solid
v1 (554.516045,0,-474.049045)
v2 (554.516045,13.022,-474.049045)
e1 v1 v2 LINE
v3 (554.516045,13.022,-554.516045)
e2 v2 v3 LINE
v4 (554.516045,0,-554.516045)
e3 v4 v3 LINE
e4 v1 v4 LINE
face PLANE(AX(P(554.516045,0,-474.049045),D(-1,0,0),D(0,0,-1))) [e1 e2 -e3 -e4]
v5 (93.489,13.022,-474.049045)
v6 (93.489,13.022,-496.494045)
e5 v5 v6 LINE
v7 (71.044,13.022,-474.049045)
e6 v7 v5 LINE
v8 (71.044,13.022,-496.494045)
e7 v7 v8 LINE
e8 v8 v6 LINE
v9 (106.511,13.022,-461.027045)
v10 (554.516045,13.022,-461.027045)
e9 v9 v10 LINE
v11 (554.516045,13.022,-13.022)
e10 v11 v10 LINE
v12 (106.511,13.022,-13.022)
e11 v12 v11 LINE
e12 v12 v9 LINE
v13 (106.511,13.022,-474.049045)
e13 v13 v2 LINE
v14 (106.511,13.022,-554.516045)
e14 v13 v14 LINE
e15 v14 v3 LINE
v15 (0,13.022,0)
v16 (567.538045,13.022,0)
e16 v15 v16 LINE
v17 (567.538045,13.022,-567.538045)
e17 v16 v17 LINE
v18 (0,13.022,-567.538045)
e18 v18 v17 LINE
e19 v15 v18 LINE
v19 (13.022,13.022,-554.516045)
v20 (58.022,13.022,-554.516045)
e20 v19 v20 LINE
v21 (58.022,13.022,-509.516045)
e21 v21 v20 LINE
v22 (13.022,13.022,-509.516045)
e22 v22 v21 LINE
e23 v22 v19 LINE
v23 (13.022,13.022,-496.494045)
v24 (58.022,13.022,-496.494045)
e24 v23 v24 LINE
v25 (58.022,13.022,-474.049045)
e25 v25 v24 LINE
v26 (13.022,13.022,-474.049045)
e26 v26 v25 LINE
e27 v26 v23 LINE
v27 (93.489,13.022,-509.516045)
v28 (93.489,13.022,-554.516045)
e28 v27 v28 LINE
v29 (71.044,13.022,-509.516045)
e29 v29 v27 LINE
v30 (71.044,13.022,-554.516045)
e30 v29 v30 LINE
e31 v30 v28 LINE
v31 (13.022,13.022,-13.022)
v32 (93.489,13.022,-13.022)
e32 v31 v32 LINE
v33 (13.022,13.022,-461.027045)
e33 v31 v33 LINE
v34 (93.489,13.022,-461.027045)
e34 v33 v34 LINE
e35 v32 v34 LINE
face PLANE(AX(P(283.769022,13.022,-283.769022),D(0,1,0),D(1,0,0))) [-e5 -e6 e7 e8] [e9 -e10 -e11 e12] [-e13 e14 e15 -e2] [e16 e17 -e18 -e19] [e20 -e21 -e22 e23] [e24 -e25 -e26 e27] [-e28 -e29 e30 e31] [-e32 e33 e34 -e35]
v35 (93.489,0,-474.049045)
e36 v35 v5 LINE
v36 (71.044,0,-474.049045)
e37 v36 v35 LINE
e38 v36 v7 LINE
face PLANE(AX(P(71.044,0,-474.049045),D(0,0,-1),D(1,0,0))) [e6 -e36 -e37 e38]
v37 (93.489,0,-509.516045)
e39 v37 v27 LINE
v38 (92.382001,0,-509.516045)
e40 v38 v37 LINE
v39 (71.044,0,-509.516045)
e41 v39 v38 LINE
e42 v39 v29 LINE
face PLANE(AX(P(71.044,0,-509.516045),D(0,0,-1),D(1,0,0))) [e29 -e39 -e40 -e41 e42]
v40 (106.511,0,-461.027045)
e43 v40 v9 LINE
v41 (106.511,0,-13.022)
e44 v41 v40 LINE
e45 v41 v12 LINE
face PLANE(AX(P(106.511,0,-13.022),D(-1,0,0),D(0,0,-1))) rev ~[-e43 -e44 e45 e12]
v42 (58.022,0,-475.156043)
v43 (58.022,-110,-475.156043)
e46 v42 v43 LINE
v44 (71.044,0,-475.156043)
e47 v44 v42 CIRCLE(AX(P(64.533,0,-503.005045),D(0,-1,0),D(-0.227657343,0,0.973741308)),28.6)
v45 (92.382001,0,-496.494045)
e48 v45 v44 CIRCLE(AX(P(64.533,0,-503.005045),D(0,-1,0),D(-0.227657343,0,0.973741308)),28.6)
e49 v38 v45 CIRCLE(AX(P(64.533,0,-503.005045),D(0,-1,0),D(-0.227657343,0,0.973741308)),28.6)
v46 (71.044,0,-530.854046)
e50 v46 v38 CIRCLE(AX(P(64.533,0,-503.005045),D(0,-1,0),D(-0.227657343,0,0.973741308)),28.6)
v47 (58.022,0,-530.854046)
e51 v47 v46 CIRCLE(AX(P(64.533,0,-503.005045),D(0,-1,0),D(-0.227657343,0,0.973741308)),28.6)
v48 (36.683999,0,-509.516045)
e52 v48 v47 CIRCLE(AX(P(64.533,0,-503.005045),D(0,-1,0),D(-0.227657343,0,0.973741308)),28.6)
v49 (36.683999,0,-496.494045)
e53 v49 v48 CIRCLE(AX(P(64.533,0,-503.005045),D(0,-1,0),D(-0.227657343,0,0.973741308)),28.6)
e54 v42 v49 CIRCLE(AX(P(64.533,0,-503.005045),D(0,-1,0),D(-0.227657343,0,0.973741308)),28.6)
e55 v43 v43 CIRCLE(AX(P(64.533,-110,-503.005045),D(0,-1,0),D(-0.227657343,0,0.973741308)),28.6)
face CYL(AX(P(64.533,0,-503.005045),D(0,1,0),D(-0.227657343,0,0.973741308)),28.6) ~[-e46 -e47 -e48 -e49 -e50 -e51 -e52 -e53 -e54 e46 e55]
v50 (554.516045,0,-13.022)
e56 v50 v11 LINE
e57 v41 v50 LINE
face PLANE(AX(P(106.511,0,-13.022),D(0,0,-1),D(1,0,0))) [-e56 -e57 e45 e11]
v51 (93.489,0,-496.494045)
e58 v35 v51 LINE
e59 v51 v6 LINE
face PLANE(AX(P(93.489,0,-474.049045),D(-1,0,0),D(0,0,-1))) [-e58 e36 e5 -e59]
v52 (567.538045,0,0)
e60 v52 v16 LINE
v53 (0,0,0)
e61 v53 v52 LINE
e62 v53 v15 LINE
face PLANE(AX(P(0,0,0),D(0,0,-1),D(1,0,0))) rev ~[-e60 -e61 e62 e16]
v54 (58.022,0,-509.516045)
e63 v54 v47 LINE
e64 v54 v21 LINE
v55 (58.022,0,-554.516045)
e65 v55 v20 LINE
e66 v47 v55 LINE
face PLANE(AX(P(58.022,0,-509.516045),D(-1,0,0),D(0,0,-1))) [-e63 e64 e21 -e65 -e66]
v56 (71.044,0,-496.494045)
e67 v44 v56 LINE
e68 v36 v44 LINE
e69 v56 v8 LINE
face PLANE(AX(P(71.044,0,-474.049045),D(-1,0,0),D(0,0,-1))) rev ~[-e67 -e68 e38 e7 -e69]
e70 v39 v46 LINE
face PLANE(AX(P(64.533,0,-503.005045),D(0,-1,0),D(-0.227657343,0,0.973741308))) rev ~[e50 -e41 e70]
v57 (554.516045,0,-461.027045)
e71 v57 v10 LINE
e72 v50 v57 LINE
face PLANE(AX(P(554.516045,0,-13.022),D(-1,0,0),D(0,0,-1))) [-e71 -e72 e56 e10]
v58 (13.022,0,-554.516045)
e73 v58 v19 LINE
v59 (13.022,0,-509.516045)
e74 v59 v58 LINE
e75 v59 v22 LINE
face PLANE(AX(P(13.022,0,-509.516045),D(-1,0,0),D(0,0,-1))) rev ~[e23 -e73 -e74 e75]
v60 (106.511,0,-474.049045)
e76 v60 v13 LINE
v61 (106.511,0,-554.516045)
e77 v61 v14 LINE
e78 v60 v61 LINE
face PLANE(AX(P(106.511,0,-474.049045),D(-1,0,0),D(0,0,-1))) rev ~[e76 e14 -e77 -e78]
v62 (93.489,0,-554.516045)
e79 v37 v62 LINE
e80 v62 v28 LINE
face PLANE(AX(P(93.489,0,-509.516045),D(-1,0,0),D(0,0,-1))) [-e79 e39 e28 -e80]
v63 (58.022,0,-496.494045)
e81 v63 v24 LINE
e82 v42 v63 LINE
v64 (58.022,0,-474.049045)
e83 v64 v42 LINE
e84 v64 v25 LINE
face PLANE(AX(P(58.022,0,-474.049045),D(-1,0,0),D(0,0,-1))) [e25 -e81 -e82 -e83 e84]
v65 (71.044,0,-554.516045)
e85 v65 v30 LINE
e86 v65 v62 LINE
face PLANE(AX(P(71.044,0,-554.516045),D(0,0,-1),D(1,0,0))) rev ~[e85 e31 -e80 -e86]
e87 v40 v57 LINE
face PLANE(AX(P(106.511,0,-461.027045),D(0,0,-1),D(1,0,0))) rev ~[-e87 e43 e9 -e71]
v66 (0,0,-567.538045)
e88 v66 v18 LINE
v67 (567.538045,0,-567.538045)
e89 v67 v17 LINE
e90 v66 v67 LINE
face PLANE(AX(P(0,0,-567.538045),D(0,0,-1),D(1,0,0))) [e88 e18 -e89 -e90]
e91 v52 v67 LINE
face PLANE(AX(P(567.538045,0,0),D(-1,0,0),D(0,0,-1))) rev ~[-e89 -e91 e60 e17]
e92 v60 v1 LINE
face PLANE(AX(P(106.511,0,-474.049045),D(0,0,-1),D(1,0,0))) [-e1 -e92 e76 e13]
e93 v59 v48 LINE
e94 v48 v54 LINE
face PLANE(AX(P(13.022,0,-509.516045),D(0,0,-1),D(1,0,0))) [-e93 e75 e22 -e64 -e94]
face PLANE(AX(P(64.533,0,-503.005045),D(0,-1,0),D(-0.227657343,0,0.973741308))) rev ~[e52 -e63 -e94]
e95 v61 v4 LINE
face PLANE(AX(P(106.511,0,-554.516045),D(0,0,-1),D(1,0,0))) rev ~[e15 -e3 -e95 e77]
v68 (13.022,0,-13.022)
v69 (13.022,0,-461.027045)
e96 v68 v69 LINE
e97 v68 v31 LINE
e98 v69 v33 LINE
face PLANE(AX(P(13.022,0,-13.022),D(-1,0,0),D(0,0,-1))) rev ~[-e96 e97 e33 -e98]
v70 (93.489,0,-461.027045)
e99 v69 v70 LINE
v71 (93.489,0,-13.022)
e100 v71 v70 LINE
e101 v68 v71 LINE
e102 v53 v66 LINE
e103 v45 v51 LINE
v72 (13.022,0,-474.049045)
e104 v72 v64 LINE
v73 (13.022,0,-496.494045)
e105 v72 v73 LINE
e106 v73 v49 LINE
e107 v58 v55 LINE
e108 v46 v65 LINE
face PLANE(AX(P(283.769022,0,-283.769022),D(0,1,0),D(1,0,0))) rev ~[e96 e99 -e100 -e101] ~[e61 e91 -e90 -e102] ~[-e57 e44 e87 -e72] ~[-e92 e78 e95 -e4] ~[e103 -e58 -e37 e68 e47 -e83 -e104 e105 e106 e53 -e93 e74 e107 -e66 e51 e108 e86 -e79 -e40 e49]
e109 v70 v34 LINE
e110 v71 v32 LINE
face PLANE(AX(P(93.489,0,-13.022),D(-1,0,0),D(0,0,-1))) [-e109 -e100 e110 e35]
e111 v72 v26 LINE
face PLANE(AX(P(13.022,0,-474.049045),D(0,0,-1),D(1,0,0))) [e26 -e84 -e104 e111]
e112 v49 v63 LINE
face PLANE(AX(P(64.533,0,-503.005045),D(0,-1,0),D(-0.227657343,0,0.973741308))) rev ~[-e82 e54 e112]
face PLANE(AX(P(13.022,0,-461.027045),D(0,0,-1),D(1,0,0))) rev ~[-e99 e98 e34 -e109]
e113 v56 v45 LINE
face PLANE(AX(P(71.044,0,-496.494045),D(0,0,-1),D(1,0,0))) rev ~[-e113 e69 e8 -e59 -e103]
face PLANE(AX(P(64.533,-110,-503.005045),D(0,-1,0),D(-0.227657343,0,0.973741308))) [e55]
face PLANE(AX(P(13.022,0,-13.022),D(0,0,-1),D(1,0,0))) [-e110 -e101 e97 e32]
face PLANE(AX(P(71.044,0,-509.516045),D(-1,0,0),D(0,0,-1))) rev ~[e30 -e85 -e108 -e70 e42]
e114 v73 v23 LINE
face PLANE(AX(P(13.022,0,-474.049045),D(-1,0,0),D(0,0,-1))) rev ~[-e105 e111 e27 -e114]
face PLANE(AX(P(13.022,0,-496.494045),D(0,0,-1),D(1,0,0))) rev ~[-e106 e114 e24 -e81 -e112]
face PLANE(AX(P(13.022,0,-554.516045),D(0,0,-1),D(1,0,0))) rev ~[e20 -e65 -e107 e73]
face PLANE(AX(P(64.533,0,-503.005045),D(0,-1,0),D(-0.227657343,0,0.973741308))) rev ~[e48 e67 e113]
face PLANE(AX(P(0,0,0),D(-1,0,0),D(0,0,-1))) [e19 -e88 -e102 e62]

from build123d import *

# Parameters (mm, degrees)
SKETCH1_W           = 567.538044716
SKETCH1_H           = 567.538044716
SKETCH1_W_2         = 80.467
SKETCH1_H_2         = 448.005044716
SKETCH1_W_3         = 45
SKETCH1_H_3         = 45
SKETCH1_W_4         = 448.005044716
SKETCH1_W_5         = 22.445
SKETCH1_H_4         = 22.445
SKETCH1_H_5         = 80.467
BOSS_EXTRUDE1_DEPTH = 13.022
SKETCH2_R           = 28.6
BOSS_EXTRUDE2_DEPTH = 110


with BuildPart() as part:
    # Sketch1 → Boss-Extrude1 (new body)
    with BuildSketch(Plane(origin=(0, 0, 0), x_dir=(1, 0, 0), z_dir=(0, 1, 0))):
        with Locations((283.769022358, 283.769022358)):
            Rectangle(SKETCH1_W, SKETCH1_H)
        with Locations((53.2555, 237.024522358)):
            Rectangle(SKETCH1_W_2, SKETCH1_H_2, mode=Mode.SUBTRACT)
        with Locations((35.522, 532.016044716)):
            Rectangle(SKETCH1_W_3, SKETCH1_H_3, mode=Mode.SUBTRACT)
        with Locations((330.513522358, 237.024522358)):
            Rectangle(SKETCH1_W_4, SKETCH1_H_2, mode=Mode.SUBTRACT)
        with Locations((82.2665, 532.016044716)):
            Rectangle(SKETCH1_W_5, SKETCH1_H_3, mode=Mode.SUBTRACT)
        with Locations((35.522, 485.271544716)):
            Rectangle(SKETCH1_W_3, SKETCH1_H_4, mode=Mode.SUBTRACT)
        with Locations((330.513522358, 514.282544716)):
            Rectangle(SKETCH1_W_4, SKETCH1_H_5, mode=Mode.SUBTRACT)
        with Locations((82.2665, 485.271544716)):
            Rectangle(SKETCH1_W_5, SKETCH1_H_4, mode=Mode.SUBTRACT)
    extrude(amount=BOSS_EXTRUDE1_DEPTH)

    # Sketch2 → Boss-Extrude2 (add)
    with BuildSketch(Plane.XZ):
        with Locations(Location((64.533, -503.005044716, 0), (0, 0, 103.159188844))):
            Circle(SKETCH2_R)
    extrude(amount=BOSS_EXTRUDE2_DEPTH)


solid = part.part
